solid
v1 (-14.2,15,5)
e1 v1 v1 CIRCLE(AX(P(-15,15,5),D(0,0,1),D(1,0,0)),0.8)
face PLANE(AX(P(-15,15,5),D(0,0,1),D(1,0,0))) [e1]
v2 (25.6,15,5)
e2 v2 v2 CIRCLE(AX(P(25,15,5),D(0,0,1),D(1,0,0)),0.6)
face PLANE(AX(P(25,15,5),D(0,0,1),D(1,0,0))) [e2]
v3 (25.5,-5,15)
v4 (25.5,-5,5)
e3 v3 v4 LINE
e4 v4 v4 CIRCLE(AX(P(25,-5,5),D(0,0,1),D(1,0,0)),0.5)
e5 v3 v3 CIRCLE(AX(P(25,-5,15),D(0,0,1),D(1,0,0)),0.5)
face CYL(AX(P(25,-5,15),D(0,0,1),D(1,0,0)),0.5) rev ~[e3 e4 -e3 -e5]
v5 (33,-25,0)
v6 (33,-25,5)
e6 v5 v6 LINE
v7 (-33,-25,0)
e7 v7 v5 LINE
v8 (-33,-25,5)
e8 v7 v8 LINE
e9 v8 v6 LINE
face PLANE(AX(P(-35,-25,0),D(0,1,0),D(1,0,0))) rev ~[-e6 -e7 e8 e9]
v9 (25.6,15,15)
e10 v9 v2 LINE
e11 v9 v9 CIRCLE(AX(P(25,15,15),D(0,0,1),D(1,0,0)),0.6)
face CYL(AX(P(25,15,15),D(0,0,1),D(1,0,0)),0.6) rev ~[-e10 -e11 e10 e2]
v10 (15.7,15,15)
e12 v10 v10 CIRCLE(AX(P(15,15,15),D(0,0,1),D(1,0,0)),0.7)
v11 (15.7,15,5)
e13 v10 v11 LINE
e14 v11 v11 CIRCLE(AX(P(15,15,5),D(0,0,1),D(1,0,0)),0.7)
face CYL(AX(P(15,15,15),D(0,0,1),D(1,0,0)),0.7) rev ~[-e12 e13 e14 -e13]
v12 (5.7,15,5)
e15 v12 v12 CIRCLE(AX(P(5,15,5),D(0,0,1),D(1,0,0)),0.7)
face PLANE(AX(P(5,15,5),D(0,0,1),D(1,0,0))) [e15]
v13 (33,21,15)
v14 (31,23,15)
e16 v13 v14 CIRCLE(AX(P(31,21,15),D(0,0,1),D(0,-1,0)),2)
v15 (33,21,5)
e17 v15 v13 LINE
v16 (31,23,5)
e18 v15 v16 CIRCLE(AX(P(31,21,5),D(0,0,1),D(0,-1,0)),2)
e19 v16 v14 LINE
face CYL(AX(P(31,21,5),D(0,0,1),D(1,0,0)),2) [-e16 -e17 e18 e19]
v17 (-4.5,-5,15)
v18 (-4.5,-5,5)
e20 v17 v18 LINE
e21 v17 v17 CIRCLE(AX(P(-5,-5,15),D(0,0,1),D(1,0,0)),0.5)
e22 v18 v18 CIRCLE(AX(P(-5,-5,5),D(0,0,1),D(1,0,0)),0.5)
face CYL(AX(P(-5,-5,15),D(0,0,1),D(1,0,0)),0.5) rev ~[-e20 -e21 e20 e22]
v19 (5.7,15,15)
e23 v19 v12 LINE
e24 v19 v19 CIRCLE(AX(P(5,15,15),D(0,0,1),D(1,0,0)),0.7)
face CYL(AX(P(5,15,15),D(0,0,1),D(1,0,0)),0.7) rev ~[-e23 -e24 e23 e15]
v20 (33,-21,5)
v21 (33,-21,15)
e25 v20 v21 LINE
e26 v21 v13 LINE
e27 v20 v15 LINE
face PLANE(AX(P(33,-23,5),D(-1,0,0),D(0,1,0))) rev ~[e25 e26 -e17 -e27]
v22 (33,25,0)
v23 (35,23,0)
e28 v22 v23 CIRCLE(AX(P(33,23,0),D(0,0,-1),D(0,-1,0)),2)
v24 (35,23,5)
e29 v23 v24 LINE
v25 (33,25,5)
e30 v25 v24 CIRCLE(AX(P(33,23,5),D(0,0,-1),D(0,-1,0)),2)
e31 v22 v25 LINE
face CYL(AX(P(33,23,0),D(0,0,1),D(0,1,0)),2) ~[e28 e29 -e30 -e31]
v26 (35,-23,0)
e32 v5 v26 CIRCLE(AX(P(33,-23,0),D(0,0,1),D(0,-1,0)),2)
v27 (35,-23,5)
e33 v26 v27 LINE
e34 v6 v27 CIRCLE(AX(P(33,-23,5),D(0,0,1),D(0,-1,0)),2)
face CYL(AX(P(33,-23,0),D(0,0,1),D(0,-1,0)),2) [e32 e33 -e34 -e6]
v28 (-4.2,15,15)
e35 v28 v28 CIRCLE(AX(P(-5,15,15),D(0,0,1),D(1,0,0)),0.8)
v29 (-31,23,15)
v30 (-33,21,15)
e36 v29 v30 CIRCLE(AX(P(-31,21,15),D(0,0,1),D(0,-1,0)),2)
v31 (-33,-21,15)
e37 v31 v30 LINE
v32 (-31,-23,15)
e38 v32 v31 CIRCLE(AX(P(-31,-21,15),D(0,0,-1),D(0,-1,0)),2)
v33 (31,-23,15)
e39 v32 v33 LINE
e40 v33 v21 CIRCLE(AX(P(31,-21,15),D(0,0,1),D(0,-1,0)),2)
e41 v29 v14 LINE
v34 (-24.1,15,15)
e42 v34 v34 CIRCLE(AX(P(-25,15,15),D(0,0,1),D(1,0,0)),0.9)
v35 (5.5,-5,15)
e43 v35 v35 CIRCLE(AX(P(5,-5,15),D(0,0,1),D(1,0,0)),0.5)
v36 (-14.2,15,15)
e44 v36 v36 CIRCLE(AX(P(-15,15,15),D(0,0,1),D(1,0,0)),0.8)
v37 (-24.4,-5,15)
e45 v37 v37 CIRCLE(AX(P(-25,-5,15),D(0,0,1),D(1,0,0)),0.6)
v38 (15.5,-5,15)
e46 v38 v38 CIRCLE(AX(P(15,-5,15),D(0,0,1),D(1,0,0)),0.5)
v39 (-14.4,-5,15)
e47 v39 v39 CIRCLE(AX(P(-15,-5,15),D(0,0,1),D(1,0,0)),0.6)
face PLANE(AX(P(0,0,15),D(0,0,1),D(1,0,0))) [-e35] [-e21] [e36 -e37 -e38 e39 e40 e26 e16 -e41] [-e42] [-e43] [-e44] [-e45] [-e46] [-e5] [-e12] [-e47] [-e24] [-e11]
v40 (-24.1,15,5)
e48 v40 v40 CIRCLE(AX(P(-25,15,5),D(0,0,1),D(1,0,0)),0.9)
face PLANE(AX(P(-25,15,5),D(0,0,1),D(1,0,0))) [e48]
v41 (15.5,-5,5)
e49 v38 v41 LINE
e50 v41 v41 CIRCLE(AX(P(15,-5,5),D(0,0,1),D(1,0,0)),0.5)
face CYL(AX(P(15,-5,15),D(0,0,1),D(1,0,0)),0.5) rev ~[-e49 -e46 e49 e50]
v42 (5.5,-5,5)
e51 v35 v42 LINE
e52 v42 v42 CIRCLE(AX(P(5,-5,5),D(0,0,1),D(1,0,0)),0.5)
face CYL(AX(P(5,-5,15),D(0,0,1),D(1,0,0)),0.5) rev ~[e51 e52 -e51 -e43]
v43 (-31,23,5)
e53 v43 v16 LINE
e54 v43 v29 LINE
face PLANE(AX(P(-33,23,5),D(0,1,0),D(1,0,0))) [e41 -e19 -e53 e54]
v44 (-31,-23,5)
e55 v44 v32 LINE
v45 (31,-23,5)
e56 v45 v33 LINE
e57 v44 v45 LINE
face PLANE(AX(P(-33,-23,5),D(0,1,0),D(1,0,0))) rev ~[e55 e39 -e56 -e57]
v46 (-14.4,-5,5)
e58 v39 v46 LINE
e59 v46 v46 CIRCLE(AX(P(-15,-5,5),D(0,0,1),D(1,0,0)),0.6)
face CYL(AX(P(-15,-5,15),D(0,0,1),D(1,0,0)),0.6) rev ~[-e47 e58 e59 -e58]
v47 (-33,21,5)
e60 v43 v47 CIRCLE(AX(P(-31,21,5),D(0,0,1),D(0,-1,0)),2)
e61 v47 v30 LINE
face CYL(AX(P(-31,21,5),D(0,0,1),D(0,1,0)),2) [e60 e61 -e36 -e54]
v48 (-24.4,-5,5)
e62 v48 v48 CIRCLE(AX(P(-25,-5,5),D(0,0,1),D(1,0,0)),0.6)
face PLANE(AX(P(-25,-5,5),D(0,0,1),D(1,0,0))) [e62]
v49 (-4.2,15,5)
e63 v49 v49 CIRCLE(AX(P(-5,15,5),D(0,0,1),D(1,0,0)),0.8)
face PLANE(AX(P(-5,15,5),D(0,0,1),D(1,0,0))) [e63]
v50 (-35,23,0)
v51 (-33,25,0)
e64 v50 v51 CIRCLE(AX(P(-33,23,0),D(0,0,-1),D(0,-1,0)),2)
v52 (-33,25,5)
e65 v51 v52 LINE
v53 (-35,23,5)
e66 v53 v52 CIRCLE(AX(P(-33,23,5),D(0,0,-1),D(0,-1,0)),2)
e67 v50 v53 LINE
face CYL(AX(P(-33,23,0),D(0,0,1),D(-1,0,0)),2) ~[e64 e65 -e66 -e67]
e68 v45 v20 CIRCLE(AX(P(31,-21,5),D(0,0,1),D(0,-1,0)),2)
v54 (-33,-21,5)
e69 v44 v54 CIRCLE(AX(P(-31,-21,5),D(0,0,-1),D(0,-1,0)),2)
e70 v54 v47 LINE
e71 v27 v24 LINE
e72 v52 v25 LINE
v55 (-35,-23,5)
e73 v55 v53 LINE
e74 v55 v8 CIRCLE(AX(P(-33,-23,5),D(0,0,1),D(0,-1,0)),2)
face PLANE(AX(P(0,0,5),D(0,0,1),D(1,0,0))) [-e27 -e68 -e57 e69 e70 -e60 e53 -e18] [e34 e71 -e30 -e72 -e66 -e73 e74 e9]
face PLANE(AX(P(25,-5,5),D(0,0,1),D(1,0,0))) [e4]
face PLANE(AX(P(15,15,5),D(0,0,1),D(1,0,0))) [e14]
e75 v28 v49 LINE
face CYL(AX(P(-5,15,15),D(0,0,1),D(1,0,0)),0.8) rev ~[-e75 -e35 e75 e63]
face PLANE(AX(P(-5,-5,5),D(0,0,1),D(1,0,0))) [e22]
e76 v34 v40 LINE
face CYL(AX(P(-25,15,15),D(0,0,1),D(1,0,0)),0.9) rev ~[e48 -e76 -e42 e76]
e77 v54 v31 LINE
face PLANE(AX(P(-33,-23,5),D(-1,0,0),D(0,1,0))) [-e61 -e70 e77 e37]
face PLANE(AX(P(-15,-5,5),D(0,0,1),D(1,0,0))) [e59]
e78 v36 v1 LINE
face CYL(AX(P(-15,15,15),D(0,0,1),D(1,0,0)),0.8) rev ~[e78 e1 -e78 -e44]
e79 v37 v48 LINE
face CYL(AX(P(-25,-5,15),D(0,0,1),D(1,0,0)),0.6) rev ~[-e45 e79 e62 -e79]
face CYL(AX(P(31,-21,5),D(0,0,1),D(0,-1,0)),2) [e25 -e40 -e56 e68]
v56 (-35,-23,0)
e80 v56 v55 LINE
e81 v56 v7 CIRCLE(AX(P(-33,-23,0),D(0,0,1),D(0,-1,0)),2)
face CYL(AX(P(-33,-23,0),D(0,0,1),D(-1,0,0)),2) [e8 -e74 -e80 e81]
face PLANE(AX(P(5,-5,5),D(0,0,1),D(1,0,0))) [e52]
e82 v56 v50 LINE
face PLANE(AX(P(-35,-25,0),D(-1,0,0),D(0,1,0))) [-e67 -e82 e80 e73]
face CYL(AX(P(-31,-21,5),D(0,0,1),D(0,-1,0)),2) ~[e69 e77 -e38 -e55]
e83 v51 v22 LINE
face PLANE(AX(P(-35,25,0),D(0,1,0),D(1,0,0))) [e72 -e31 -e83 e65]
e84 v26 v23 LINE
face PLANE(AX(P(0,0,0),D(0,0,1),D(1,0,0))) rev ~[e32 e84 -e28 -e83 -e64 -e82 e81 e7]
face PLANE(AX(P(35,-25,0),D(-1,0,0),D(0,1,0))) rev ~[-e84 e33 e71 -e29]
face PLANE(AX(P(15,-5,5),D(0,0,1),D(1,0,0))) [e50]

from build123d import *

# Parameters (mm, degrees)
F0_W     = 70
F0_H     = 50
F1_DEPTH = 5
F2_W     = 66
F2_H     = 46
F3_DEPTH = 10
F4_R     = 2
F5_R     = 0.5
F5_R_2   = 0.6
F5_R_3   = 0.7
F5_R_4   = 0.8
F5_R_5   = 0.9
F6_DEPTH = 10


with BuildPart() as f1:
    # F0 (on Top) → F1 (new body)
    with BuildSketch(Plane.XY):
        Rectangle(F0_W, F0_H)
    extrude(amount=F1_DEPTH)

    # F2 (on face) → F3 (join)
    with BuildSketch(Plane.XY.offset(5)):
        Rectangle(F2_W, F2_H)
    extrude(amount=F3_DEPTH)

    # F4
    f4_edges = [f1.edges().sort_by_distance(p)[0] for p in [
        (-33, -23, 10),
        (33, -23, 10),
        (35, -25, 2.5),
        (-35, -25, 2.5),
        (-35, 25, 2.5),
        (-33, 23, 10),
        (33, 23, 10),
        (35, 25, 2.5),
    ]]
    fillet(f4_edges, radius=F4_R)

    # F5 (on face) → F6 (cut)
    with BuildSketch(Plane.XY.offset(15)):
        with Locations((25, -5)):
            Circle(F5_R)
        with Locations((15, -5)):
            Circle(F5_R)
        with Locations((5, -5)):
            Circle(F5_R)
        with Locations((-5, -5)):
            Circle(F5_R)
        with Locations((-15, -5)):
            Circle(F5_R_2)
        with Locations((-25, -5)):
            Circle(F5_R_2)
        with Locations((25, 15)):
            Circle(F5_R_2)
        with Locations((15, 15)):
            Circle(F5_R_3)
        with Locations((5, 15)):
            Circle(F5_R_3)
        with Locations((-5, 15)):
            Circle(F5_R_4)
        with Locations((-15, 15)):
            Circle(F5_R_4)
        with Locations((-25, 15)):
            Circle(F5_R_5)
    extrude(amount=-F6_DEPTH, mode=Mode.SUBTRACT)


solid = f1.part
